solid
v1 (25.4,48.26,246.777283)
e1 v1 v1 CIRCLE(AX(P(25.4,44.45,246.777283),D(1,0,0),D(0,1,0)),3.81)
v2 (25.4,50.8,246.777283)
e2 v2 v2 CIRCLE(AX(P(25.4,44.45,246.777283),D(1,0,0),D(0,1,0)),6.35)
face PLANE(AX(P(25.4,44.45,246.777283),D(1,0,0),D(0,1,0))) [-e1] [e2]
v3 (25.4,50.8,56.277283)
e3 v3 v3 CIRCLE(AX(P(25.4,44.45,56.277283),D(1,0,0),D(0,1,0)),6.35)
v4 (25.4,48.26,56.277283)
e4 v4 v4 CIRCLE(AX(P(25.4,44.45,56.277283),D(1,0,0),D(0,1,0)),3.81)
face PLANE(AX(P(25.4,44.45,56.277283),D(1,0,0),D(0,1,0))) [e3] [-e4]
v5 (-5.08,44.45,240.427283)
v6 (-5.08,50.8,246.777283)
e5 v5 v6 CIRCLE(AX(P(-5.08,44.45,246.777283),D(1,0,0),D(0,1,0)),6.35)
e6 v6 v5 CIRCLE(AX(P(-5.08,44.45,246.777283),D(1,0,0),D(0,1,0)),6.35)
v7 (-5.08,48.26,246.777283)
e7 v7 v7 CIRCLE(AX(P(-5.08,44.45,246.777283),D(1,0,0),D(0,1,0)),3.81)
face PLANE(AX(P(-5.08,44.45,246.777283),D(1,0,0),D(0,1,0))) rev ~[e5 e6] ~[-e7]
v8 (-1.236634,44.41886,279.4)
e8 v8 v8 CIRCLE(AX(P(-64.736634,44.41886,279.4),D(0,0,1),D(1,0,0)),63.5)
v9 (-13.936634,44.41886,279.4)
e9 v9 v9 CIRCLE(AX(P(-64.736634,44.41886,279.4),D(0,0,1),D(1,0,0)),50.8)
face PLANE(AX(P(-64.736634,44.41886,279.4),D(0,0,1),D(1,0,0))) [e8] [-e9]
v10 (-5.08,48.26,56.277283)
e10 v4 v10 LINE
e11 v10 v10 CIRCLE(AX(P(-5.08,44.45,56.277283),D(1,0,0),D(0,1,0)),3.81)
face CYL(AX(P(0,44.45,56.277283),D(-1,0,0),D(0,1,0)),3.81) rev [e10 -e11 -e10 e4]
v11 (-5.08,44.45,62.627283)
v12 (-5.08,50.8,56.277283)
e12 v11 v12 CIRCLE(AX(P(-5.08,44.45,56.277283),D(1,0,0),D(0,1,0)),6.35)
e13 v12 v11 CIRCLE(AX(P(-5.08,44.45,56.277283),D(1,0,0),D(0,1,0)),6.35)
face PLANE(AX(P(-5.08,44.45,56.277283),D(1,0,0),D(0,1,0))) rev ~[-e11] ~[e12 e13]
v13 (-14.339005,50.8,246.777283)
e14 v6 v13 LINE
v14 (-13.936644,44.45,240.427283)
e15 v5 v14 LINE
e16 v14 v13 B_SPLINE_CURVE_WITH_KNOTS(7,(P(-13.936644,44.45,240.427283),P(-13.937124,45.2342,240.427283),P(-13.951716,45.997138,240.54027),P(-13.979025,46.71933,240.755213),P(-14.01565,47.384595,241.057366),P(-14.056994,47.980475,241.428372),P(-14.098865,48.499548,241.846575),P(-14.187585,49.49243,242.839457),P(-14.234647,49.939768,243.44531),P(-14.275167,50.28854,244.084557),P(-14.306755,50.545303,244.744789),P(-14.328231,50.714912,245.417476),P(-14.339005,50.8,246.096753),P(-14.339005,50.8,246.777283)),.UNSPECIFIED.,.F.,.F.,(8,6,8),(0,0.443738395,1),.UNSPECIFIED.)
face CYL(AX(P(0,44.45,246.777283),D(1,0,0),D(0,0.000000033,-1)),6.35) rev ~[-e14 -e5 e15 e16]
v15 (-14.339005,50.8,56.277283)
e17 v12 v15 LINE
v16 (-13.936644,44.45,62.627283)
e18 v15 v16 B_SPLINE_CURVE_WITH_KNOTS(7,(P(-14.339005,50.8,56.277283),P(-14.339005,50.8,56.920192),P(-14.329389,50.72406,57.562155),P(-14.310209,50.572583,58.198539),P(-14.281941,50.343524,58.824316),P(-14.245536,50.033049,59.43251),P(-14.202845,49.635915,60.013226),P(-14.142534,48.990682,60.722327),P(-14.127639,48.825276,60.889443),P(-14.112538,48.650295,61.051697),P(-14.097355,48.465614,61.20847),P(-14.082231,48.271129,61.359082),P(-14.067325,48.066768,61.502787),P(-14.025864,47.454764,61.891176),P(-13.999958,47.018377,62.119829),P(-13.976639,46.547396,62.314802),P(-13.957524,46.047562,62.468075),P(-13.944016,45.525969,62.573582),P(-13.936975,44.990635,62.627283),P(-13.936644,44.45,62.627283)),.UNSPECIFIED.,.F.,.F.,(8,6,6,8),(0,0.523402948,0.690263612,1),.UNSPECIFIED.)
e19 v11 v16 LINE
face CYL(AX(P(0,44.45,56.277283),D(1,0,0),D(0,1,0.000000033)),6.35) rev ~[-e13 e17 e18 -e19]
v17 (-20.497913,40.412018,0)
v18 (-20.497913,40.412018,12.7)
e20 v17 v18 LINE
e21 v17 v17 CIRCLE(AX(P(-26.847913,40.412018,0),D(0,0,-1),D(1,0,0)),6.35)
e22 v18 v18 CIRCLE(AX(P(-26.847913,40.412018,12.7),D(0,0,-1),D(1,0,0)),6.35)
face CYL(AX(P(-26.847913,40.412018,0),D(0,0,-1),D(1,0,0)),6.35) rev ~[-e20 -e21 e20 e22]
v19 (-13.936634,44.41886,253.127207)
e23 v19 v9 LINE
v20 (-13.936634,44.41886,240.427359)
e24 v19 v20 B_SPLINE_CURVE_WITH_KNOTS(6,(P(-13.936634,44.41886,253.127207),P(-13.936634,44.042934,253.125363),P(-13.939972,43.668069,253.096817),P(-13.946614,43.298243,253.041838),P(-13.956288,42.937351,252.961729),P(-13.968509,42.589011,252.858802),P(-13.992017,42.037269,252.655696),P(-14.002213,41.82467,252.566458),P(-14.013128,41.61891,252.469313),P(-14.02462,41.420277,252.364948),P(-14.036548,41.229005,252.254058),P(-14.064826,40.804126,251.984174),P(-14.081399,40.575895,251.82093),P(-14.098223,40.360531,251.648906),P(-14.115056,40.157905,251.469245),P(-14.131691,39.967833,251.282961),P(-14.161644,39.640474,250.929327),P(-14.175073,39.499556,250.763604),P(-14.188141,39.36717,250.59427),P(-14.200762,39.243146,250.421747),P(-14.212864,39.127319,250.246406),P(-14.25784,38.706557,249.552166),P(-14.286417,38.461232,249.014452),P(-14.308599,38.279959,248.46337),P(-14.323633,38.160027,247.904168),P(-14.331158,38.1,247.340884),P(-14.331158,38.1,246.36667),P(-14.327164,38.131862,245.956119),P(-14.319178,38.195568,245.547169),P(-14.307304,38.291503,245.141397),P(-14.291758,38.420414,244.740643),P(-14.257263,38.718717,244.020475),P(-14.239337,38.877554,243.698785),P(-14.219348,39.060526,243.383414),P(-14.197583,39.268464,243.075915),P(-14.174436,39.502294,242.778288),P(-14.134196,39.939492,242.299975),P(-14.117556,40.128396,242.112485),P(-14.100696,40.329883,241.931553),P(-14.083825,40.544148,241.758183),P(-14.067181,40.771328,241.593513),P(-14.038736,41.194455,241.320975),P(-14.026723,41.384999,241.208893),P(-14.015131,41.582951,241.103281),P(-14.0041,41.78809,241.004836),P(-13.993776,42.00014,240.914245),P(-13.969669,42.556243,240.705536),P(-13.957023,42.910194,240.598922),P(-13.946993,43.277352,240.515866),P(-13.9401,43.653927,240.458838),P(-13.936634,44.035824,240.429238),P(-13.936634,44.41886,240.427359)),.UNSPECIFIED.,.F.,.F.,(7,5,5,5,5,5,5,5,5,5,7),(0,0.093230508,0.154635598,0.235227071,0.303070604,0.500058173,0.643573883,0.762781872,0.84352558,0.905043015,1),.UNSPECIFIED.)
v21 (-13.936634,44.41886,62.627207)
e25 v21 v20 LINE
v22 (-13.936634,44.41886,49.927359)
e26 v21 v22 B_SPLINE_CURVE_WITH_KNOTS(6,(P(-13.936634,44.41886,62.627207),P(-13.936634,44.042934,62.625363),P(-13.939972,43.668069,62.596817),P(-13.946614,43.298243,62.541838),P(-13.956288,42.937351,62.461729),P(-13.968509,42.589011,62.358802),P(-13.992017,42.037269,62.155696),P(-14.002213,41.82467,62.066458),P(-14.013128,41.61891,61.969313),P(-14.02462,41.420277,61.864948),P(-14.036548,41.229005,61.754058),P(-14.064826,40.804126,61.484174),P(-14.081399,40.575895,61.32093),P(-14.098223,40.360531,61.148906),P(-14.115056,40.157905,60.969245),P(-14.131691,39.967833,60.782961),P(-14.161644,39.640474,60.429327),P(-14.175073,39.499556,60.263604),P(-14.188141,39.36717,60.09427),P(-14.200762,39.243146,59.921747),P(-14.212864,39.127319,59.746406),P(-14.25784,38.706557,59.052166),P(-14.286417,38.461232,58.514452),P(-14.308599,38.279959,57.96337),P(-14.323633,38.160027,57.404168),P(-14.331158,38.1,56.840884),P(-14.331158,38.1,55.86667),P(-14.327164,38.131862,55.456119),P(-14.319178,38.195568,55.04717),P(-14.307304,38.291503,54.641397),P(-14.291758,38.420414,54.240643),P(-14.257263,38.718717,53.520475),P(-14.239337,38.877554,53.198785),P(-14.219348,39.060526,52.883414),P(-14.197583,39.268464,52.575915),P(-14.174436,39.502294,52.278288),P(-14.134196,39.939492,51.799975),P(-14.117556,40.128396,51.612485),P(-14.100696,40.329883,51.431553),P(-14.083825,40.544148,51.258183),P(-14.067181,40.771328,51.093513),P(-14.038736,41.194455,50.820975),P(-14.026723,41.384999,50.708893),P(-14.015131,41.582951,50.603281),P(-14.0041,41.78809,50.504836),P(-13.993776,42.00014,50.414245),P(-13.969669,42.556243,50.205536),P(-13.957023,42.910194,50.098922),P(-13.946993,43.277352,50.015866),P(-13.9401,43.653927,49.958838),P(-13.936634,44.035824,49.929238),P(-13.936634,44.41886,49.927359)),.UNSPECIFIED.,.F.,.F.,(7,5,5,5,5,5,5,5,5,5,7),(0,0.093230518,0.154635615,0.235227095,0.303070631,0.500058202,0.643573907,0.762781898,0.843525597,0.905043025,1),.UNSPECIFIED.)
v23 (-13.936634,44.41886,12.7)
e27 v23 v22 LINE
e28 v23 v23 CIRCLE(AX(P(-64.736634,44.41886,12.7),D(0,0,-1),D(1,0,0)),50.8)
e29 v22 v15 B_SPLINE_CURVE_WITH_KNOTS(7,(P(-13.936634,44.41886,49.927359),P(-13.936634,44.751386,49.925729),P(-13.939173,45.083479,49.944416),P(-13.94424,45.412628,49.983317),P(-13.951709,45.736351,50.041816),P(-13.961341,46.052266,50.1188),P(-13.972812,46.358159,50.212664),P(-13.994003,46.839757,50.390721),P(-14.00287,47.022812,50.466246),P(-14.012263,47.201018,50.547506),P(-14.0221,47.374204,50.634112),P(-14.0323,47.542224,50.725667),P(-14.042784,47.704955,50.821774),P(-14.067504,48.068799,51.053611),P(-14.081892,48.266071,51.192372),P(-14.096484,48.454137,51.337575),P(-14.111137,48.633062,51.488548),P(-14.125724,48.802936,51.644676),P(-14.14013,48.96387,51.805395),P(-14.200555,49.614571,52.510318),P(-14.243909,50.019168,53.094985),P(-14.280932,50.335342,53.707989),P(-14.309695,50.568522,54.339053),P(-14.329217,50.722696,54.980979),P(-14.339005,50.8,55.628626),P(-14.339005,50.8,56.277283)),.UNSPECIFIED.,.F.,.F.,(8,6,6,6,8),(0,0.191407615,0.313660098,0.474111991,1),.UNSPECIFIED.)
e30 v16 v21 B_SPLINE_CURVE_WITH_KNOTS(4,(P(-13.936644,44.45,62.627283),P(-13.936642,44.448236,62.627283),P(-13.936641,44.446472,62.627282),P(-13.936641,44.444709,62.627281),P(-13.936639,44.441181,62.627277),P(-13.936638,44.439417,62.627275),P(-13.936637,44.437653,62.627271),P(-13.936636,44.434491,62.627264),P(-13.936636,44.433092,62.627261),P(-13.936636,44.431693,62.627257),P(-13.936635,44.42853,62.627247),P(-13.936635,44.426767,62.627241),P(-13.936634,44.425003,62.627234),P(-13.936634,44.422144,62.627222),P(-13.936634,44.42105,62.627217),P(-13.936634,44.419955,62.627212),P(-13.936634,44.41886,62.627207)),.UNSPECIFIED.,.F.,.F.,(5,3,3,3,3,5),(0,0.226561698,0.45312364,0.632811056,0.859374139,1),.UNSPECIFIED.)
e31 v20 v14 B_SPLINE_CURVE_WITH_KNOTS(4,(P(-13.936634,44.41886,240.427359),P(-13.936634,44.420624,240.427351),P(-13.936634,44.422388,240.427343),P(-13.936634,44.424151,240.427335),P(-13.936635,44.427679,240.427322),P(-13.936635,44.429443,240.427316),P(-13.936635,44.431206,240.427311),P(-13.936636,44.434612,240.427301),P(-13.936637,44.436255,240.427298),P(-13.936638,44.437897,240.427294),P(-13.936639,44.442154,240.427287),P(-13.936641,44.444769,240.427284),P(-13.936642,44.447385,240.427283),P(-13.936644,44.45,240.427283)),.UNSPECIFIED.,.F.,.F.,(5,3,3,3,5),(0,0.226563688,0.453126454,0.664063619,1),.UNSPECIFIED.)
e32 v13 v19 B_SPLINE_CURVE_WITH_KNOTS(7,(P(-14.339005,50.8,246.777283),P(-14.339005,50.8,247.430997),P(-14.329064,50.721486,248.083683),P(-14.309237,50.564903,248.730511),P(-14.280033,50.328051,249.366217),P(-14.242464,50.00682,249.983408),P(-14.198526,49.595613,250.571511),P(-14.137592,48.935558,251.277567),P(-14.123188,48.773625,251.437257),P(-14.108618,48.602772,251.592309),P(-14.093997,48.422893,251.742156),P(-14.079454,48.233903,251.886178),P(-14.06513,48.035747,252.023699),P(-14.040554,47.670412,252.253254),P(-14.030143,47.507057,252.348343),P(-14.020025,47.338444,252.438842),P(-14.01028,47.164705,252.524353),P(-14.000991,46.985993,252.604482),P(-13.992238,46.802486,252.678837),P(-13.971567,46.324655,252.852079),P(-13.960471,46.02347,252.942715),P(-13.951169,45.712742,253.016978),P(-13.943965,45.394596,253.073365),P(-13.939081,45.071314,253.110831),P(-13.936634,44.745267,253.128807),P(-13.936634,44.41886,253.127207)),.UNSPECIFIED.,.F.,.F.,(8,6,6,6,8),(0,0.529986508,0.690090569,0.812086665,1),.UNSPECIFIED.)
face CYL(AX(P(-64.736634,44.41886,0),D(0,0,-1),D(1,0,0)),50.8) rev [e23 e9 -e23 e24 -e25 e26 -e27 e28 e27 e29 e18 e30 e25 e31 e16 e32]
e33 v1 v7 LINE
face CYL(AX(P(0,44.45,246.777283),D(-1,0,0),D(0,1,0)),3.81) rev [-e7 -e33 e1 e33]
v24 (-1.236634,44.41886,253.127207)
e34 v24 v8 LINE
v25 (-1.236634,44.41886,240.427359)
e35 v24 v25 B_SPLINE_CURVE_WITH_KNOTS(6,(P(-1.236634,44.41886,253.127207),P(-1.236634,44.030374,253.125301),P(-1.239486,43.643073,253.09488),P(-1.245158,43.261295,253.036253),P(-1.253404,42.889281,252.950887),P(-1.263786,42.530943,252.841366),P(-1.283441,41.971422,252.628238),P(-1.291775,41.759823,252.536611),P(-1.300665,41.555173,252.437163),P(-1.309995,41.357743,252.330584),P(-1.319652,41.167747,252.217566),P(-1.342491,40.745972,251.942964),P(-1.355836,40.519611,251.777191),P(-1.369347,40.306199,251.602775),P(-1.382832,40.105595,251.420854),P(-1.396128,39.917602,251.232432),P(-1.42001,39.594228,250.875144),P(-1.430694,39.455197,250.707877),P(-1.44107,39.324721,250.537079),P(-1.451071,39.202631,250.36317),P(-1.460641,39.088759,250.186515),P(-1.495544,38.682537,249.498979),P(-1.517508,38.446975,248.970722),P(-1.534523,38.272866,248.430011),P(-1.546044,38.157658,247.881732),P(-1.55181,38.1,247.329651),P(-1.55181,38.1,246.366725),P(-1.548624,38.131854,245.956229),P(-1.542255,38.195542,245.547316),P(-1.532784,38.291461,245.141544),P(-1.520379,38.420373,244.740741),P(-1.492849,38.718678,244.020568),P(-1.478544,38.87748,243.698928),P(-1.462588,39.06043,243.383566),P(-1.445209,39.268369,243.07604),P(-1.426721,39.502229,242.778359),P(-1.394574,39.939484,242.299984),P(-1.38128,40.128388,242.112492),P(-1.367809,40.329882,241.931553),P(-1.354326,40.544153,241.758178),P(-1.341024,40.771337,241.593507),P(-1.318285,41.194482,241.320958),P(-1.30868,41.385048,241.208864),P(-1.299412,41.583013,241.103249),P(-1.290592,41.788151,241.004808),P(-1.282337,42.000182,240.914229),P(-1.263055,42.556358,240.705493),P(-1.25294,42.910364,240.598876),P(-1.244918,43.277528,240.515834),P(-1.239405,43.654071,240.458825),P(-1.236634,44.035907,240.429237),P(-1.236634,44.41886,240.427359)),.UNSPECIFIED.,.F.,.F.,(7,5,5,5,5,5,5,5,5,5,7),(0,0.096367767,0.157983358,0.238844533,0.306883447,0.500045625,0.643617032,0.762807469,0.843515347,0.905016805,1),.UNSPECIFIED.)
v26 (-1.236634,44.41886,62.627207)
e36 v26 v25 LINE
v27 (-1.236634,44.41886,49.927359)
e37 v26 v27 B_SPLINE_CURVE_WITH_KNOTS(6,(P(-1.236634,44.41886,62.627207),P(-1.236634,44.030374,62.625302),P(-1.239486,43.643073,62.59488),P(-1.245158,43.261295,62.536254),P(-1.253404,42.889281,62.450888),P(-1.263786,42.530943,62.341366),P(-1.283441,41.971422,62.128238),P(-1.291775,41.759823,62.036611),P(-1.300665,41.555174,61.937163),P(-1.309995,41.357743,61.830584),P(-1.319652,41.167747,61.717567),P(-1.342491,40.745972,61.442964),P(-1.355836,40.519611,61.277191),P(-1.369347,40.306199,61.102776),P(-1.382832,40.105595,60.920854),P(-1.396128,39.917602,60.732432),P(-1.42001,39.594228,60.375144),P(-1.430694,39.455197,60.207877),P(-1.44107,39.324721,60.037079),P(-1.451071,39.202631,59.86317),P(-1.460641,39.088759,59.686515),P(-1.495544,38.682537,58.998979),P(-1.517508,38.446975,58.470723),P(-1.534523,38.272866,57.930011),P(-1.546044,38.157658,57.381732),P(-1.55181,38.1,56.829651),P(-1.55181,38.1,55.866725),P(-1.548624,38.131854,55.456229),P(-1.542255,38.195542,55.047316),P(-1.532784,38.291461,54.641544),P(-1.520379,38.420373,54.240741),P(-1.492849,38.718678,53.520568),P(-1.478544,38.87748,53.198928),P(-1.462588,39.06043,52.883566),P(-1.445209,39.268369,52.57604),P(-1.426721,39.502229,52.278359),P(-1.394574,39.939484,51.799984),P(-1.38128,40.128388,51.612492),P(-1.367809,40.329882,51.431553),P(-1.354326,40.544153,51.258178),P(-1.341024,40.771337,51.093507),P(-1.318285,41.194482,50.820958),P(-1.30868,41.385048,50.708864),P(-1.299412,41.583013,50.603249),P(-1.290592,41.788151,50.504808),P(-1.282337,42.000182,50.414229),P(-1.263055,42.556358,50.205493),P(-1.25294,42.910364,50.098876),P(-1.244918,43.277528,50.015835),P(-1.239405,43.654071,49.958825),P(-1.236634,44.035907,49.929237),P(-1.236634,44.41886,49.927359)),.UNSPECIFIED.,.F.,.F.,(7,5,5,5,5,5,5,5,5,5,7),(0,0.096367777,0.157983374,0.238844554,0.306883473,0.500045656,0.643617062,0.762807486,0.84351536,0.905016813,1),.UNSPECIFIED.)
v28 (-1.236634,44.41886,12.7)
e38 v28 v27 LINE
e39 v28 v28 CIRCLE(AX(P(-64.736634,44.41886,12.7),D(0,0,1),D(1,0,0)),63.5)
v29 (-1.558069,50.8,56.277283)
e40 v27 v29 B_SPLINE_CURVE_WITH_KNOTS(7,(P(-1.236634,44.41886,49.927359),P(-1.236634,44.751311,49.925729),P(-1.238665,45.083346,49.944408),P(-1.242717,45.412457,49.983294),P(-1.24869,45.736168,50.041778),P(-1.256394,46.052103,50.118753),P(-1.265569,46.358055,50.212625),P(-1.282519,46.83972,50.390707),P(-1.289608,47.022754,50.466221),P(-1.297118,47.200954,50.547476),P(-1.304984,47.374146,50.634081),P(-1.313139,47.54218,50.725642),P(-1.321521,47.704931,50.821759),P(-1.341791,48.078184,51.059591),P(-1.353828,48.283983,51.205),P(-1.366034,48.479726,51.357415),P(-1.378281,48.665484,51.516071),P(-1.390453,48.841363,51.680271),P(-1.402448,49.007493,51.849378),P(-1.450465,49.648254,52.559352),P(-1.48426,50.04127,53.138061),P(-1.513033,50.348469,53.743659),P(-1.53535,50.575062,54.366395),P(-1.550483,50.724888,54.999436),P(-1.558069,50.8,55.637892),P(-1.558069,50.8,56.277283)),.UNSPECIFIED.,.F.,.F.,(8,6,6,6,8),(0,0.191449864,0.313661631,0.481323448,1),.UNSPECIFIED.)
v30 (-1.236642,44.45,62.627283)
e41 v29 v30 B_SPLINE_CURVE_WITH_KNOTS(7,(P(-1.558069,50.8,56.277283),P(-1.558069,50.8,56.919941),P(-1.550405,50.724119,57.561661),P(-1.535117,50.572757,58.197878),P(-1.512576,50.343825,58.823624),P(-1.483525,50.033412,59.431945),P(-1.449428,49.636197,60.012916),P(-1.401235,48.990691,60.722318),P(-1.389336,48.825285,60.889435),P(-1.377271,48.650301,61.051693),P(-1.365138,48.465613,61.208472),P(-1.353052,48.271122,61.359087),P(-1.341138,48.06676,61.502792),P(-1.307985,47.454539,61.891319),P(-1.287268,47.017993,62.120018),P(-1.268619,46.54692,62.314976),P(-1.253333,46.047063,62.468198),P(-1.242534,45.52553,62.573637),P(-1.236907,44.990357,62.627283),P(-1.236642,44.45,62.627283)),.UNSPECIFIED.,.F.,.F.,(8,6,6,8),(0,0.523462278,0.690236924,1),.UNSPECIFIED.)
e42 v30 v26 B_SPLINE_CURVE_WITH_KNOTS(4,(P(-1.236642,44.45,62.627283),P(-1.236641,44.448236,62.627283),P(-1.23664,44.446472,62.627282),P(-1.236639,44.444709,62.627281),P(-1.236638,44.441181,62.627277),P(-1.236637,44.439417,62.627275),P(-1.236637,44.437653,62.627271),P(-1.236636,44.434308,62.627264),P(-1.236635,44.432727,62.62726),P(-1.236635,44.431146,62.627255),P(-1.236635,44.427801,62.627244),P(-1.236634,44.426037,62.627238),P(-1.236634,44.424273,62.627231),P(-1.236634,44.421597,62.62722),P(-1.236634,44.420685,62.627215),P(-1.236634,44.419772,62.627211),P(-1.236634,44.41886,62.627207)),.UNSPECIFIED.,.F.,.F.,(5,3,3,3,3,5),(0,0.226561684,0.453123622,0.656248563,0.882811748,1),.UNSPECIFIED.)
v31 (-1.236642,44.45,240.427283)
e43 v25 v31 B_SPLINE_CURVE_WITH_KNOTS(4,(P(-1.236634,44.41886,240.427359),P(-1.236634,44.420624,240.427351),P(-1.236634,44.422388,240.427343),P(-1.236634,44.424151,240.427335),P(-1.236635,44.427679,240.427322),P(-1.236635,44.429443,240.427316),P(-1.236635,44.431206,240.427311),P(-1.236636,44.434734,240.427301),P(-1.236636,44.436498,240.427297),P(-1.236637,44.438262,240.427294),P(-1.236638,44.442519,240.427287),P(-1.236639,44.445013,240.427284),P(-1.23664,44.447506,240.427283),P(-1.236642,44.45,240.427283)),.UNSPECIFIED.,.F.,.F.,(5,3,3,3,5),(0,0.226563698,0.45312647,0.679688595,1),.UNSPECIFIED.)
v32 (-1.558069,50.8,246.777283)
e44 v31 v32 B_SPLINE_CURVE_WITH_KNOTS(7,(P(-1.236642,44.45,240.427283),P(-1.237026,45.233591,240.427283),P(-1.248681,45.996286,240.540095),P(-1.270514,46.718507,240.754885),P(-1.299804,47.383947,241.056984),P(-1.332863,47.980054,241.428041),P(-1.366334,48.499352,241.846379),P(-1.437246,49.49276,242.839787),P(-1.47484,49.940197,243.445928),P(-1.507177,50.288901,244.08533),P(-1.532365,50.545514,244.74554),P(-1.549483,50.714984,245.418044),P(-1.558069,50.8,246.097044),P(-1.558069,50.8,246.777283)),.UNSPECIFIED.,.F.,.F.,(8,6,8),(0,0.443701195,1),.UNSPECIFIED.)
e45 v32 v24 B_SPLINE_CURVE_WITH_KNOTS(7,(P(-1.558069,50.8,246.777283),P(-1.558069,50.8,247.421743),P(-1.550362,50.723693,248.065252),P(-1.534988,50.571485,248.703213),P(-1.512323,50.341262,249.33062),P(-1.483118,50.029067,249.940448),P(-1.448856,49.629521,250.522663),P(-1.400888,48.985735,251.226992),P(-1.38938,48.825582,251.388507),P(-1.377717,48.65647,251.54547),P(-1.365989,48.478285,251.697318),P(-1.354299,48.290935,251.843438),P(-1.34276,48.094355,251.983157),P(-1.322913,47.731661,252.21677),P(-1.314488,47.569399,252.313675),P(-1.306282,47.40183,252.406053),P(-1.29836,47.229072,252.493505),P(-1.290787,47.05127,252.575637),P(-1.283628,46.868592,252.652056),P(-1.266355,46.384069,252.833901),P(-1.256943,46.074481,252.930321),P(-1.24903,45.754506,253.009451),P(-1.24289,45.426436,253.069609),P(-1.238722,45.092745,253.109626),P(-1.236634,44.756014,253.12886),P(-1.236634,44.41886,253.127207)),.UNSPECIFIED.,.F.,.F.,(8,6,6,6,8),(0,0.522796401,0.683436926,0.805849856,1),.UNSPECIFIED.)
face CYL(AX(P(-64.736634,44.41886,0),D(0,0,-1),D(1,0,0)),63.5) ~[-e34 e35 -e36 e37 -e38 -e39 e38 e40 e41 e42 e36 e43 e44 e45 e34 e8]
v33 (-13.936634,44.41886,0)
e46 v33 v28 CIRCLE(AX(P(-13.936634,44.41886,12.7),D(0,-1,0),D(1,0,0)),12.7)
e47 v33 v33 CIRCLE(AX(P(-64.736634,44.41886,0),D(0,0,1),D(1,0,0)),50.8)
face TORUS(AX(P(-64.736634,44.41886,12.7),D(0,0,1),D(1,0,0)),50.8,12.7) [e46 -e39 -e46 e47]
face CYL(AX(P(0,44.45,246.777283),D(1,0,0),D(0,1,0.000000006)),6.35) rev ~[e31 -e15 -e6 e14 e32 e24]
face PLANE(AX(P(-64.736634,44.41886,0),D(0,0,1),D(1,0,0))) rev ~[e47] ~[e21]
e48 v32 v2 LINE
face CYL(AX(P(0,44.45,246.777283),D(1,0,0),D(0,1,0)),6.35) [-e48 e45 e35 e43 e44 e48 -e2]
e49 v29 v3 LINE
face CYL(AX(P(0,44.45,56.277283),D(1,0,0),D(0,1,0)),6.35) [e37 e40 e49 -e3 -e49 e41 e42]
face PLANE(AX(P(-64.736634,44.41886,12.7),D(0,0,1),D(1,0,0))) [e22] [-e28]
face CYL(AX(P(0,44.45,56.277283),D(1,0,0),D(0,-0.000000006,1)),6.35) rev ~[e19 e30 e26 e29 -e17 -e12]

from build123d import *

# Parameters (mm, degrees)
F0_R          = 63.5
F1_DEPTH      = 279.4
F2_T          = -12.7
F3_R          = 6.35
F4_DEPTH      = 279.401
F6_DEPTH      = 50.8
F7_R          = 6.35
F7_R_2        = 3.81
F8_DEPTH      = 25.4
F8_DEPTH_BACK = 5.08
F9_R          = 12.7


with BuildPart() as f1:
    # F0 (on Top) → F1 (new body)
    with BuildSketch(Plane.XY):
        with Locations((-64.736634, 44.41886)):
            Circle(F0_R)
    extrude(amount=F1_DEPTH)

    # F2
    f2_openings = [f1.faces().sort_by_distance(p)[0] for p in [
        (-64.736634, 44.41886, 279.4),
    ]]
    offset(amount=F2_T, openings=f2_openings)

    # F3 (on face) → F4 (cut, through all)
    with BuildSketch(Plane(origin=(0, 0, 0), x_dir=(1, 0, 0), z_dir=(0, 0, -1))):
        with Locations((-26.847913, -40.412018)):
            Circle(F3_R)
    extrude(amount=-F4_DEPTH, mode=Mode.SUBTRACT)

    # F5 (on Right) → F6 (cut)
    with BuildSketch(Plane.YZ):
        with BuildLine():
            ThreePointArc((44.45, 62.627283), (39.959872, 51.787155), (50.8, 56.277283))
            ThreePointArc((50.8, 56.277283), (48.940128, 60.767411), (44.45, 62.627283))
        make_face()
        with BuildLine():
            ThreePointArc((50.8, 246.777283), (39.959872, 251.267411), (44.45, 240.427283))
            ThreePointArc((44.45, 240.427283), (48.940128, 242.287155), (50.8, 246.777283))
        make_face()
    extrude(amount=-F6_DEPTH, mode=Mode.SUBTRACT)

    # F7 (on Right) → F8 (join, two sides)
    with BuildSketch(Plane.YZ) as f8_sk:
        with Locations((44.45, 246.777283)):
            Circle(F7_R)
        with Locations((44.45, 246.777283)):
            Circle(F7_R_2, mode=Mode.SUBTRACT)
        with Locations((44.45, 56.277283)):
            Circle(F7_R)
        with Locations((44.45, 56.277283)):
            Circle(F7_R_2, mode=Mode.SUBTRACT)
    extrude(amount=F8_DEPTH)
    extrude(f8_sk.sketch, amount=-F8_DEPTH_BACK)

    # F9
    f9_edges = [f1.edges().sort_by_distance(p)[0] for p in [
        (-128.236634, 44.41886, 0),
    ]]
    fillet(f9_edges, radius=F9_R)


solid = f1.part
